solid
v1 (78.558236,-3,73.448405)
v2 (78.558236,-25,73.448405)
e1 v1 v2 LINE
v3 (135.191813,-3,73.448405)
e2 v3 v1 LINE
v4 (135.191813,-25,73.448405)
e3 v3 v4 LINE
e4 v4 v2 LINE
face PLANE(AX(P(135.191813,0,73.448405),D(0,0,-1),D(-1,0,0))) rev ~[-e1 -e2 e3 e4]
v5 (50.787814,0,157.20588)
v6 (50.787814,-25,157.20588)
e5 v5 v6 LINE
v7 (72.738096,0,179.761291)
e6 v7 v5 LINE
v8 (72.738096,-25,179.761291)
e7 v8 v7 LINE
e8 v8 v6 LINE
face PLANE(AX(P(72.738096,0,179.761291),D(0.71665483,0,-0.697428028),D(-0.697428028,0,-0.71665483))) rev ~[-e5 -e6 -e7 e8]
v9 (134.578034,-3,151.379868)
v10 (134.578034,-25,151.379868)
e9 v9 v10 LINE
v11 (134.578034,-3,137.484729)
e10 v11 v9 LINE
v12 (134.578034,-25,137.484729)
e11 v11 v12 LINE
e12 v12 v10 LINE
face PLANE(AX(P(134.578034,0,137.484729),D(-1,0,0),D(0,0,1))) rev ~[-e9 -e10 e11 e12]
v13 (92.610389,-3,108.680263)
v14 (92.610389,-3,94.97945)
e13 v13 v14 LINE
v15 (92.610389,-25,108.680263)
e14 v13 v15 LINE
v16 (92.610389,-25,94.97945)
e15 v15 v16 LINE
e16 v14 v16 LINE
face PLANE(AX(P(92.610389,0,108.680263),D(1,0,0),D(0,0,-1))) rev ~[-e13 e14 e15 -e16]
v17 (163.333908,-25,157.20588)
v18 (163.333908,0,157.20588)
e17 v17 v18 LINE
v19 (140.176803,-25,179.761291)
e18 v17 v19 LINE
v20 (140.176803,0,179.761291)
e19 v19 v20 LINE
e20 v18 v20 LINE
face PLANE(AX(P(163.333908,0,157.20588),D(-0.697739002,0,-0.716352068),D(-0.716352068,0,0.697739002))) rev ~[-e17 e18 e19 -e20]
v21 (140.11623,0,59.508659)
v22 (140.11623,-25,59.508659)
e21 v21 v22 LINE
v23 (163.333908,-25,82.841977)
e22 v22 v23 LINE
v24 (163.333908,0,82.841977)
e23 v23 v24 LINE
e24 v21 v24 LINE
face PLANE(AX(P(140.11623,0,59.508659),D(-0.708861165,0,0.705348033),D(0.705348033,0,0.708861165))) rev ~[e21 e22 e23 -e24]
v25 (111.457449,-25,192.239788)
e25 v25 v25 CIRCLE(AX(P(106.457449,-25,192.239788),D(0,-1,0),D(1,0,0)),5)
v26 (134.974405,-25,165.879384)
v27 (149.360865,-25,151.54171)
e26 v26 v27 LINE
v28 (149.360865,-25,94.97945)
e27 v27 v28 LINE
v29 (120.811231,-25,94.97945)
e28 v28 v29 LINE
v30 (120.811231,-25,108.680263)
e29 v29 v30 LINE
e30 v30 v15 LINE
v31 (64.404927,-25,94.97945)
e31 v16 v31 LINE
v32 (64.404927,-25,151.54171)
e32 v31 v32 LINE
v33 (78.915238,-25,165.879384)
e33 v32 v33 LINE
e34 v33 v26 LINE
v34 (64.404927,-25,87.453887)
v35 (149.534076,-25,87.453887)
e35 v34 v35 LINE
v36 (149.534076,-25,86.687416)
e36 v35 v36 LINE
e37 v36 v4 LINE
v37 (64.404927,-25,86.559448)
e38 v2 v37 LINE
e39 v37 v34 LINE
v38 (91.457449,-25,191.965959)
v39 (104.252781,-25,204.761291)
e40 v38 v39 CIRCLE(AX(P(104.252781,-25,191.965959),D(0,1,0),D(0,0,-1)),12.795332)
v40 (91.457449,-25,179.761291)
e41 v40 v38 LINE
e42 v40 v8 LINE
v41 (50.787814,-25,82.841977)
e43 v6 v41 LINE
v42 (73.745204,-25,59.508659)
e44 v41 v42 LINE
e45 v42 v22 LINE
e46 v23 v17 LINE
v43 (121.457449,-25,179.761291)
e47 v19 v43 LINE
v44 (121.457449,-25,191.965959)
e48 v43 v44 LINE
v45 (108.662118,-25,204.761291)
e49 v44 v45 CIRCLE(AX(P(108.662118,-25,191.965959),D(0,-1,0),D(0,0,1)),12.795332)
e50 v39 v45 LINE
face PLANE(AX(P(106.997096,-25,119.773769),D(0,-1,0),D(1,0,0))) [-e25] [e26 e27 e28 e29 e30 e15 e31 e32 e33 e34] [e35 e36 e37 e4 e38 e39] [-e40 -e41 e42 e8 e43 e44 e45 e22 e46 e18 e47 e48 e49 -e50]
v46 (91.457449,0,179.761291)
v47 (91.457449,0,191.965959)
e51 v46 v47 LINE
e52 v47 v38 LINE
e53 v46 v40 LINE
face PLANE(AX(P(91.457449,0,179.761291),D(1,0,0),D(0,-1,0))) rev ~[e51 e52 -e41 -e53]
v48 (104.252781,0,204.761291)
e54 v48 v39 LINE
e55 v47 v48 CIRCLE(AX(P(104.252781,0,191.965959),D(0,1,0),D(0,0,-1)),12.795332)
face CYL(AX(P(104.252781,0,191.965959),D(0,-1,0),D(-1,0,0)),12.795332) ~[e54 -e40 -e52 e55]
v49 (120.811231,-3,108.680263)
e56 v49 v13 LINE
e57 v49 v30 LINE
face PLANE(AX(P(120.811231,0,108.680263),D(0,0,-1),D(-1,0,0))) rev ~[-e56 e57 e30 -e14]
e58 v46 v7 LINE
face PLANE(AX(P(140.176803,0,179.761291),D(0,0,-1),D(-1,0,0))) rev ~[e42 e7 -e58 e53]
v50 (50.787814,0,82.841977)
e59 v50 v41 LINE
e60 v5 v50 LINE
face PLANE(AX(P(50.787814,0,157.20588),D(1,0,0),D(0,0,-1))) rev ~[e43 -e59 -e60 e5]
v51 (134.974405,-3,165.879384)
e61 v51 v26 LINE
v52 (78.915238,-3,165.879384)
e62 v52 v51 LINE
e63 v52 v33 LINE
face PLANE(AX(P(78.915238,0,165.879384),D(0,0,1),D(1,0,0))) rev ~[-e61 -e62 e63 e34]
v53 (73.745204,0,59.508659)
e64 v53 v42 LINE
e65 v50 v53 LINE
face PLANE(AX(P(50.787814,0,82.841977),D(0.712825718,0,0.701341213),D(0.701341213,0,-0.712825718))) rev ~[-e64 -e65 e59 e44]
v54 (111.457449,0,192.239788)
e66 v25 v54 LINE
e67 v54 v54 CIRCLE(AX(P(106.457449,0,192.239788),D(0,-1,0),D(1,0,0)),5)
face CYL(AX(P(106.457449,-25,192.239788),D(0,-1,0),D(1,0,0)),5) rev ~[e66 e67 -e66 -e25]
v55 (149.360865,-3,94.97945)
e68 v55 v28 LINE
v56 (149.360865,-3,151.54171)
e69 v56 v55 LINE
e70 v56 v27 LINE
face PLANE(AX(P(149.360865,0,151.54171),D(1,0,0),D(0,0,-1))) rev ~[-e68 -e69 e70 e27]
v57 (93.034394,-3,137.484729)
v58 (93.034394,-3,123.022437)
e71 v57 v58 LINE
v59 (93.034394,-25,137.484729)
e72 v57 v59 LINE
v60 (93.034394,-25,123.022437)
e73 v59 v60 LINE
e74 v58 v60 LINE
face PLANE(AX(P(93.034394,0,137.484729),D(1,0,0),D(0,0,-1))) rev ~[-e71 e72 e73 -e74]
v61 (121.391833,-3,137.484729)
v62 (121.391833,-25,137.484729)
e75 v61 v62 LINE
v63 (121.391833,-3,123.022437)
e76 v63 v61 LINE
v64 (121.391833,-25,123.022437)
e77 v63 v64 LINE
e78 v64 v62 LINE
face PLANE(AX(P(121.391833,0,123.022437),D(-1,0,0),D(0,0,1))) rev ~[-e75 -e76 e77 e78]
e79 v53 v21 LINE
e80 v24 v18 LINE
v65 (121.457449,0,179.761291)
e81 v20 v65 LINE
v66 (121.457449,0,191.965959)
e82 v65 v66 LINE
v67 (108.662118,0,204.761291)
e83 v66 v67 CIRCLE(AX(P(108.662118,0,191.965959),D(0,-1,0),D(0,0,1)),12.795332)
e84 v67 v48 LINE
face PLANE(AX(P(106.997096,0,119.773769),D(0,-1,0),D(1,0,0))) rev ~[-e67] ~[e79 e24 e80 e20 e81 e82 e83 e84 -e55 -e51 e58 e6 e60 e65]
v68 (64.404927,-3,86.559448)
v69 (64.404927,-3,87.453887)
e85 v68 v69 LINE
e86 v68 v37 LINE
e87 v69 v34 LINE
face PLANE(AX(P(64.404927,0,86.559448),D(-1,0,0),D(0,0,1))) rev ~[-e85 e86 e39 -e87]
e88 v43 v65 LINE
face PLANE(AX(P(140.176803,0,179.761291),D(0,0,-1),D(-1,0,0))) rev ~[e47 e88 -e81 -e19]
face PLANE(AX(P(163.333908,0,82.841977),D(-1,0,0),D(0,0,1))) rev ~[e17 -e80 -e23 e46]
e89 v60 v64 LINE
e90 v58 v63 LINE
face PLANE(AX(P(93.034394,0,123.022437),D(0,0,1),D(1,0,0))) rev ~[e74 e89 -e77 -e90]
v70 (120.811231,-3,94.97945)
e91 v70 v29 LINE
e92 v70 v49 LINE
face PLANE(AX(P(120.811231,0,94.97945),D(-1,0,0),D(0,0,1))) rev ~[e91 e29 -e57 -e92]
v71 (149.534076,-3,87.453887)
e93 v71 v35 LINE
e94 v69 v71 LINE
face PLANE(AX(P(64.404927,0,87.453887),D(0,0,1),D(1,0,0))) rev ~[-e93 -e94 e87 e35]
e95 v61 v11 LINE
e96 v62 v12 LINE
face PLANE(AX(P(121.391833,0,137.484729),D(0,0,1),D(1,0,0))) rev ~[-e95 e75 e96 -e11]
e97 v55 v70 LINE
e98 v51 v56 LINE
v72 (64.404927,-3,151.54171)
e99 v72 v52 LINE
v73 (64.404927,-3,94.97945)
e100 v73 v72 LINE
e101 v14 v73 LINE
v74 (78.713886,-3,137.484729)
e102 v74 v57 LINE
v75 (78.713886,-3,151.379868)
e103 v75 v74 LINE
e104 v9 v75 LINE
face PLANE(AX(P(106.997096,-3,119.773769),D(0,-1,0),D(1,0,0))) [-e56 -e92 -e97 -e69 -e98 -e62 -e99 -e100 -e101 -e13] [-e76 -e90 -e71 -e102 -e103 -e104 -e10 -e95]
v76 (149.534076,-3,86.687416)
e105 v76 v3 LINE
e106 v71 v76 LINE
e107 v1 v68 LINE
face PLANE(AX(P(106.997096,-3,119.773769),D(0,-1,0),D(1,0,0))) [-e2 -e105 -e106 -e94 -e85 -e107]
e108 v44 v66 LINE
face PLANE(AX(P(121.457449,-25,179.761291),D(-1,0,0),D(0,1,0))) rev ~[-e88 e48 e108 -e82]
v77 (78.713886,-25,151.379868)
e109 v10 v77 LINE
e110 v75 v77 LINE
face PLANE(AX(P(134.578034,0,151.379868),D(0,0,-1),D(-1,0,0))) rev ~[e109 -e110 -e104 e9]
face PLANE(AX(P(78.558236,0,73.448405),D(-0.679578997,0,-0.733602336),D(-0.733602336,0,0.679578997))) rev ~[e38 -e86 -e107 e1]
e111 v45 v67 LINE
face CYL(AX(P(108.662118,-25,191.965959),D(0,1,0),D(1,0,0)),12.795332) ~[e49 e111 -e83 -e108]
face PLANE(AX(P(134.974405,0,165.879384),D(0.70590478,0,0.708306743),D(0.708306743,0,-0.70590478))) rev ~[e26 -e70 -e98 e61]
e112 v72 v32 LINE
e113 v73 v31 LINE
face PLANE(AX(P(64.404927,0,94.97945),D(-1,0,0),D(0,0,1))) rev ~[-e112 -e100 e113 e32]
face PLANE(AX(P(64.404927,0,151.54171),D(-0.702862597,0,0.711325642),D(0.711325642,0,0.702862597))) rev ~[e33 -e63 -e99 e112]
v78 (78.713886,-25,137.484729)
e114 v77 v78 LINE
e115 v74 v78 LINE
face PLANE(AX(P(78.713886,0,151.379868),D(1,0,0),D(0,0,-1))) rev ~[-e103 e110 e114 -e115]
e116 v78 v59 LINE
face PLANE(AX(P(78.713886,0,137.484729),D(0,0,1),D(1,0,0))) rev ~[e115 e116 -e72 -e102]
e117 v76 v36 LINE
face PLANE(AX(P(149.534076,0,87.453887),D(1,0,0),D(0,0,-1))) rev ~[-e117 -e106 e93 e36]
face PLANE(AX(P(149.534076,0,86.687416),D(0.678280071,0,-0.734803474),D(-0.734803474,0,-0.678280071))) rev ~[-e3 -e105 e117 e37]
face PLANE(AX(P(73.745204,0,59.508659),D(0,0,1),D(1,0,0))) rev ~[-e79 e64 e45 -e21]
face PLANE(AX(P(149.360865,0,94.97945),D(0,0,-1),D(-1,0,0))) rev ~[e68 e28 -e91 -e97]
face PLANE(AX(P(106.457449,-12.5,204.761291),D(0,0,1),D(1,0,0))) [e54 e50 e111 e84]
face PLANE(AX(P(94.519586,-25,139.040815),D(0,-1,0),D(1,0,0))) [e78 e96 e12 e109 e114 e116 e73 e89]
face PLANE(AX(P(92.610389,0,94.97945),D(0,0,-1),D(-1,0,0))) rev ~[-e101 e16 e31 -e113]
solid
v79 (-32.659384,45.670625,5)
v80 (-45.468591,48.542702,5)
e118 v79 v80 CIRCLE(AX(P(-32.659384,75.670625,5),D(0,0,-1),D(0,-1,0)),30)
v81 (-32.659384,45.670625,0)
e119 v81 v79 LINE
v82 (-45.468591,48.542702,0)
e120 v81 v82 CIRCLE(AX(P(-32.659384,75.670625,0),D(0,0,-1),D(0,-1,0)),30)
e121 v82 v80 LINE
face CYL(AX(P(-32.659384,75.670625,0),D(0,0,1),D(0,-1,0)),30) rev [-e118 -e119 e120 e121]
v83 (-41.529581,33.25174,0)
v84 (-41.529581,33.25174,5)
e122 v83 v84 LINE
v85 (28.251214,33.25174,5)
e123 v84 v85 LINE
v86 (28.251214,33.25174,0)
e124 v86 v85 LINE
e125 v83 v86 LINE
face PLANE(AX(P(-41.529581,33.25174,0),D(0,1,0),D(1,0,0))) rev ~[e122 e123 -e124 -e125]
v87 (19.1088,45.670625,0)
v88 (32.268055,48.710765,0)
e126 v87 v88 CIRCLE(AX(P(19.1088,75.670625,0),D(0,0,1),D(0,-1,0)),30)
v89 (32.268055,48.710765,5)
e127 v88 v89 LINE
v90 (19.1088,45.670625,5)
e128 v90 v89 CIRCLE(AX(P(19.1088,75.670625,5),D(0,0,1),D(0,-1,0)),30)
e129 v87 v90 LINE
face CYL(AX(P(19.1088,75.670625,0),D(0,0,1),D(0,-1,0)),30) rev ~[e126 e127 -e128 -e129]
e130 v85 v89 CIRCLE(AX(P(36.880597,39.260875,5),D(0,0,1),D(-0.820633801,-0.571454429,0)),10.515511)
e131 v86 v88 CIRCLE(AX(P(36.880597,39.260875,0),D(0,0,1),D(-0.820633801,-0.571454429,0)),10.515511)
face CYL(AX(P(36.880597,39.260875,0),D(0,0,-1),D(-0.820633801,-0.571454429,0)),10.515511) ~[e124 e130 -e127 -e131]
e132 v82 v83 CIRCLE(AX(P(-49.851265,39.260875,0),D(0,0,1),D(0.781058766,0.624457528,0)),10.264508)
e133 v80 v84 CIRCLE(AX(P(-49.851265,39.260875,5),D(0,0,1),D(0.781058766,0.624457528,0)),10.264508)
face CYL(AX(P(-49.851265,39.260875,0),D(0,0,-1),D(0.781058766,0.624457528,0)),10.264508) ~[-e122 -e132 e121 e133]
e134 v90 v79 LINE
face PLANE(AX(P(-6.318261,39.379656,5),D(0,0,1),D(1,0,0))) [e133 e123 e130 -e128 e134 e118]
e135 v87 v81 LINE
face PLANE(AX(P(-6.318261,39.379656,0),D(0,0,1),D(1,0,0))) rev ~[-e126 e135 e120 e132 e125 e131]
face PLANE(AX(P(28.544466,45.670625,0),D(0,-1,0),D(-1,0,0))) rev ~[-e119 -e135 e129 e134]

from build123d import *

# Parameters (mm, degrees)
F1_DEPTH  = 5
F2_R      = 30
F4_DEPTH  = 25
F5_DEPTH  = 3
F7_DEPTH  = 25
F8_R      = 12.7953318806
F9_R      = 5
F10_DEPTH = 44.9


with BuildPart() as f1:
    # F0 (on Top) → F1 (new body)
    with BuildSketch(Plane.XY):
        with BuildLine():
            Line((28.5444660827, 45.6706248224), (-41.8340807416, 45.6706248224))
            ThreePointArc((-41.8340807416, 45.6706248224), (-60.1126889079, 39.0092747627), (-41.5295811212, 33.2517400384))
            Line((-41.5295811212, 33.2517400384), (28.2512136258, 33.2517400384))
            ThreePointArc((28.2512136258, 33.2517400384), (47.393178108, 39.0126373548), (28.5444660827, 45.6706248224))
        make_face()
    extrude(amount=F1_DEPTH)

    # F2
    f2_edges = [f1.edges().sort_by_distance(p)[0] for p in [
        (-41.834081, 45.670625, 2.5),
        (28.544466, 45.670625, 2.5),
    ]]
    fillet(f2_edges, radius=F2_R)


with BuildPart() as f4:
    # F3 (on Front) → F4 (new body)
    with BuildSketch(Plane.XZ):
        Polygon((72.738096118, 179.7612905502), (50.7878139615, 157.2058796883), (50.7878139615, 82.8419774771), (73.7452038377, 59.5086589456), (140.1162296534, 59.5086589456), (163.3339077234, 82.8419774771), (163.3339077234, 157.2058796883), (140.1768028736, 179.7612905502), (74.6252834797, 179.7612905502), align=None)
        Polygon((64.4049271941, 86.5594475049), (64.4049271941, 87.4538868666), (149.5340764523, 87.4538868666), (149.5340764523, 86.6874158382), (135.1918131113, 73.4484046698), (78.5582363605, 73.4484046698), align=None, mode=Mode.SUBTRACT)
        Polygon((64.4049271941, 94.9794501066), (64.4049271941, 151.5417098999), (78.9152383804, 165.8793836832), (134.9744051695, 165.8793836832), (149.3608653545, 151.5417098999), (149.3608653545, 94.9794501066), (120.8112314343, 94.9794501066), (120.8112314343, 108.6802631617), (92.6103889942, 108.6802631617), (92.6103889942, 94.9794501066), align=None, mode=Mode.SUBTRACT)
    extrude(amount=F4_DEPTH)



with BuildPart() as f4b:
    # F3 (on Front) → F4, piece 2 (new body)
    with BuildSketch(Plane.XZ):
        Polygon((106.6459603608, 151.3798683882), (78.7138864398, 151.3798683882), (78.7138864398, 137.48472929), (93.0343940854, 137.48472929), (93.0343940854, 123.0224370956), (106.6459603608, 123.0224370956), align=None)
        Polygon((134.5780342817, 151.3798683882), (106.6459603608, 151.3798683882), (106.6459603608, 123.0224370956), (120.2575266361, 123.0224370956), (121.3918328285, 123.0224370956), (121.3918328285, 137.48472929), (134.5780342817, 137.48472929), align=None)
    extrude(amount=F4_DEPTH)


with BuildPart() as f4_1:
    add(f4.part)

    add(f4b.part)  # F5 merges F4b
    # F3 (on Front) → F5 (join)
    with BuildSketch(Plane.XZ):
        Polygon((72.738096118, 179.7612905502), (50.7878139615, 157.2058796883), (50.7878139615, 82.8419774771), (73.7452038377, 59.5086589456), (140.1162296534, 59.5086589456), (163.3339077234, 82.8419774771), (163.3339077234, 157.2058796883), (140.1768028736, 179.7612905502), (74.6252834797, 179.7612905502), align=None)
        Polygon((64.4049271941, 86.5594475049), (64.4049271941, 87.4538868666), (149.5340764523, 87.4538868666), (149.5340764523, 86.6874158382), (135.1918131113, 73.4484046698), (78.5582363605, 73.4484046698), align=None, mode=Mode.SUBTRACT)
        Polygon((64.4049271941, 94.9794501066), (64.4049271941, 151.5417098999), (78.9152383804, 165.8793836832), (134.9744051695, 165.8793836832), (149.3608653545, 151.5417098999), (149.3608653545, 94.9794501066), (120.8112314343, 94.9794501066), (120.8112314343, 108.6802631617), (92.6103889942, 108.6802631617), (92.6103889942, 94.9794501066), align=None, mode=Mode.SUBTRACT)
        Polygon((78.9152383804, 165.8793836832), (64.4049271941, 151.5417098999), (64.4049271941, 94.9794501066), (92.6103889942, 94.9794501066), (92.6103889942, 108.6802631617), (120.8112314343, 108.6802631617), (120.8112314343, 94.9794501066), (149.3608653545, 94.9794501066), (149.3608653545, 151.5417098999), (134.9744051695, 165.8793836832), align=None)
        Polygon((78.7138864398, 137.48472929), (78.7138864398, 151.3798683882), (106.6459603608, 151.3798683882), (134.5780342817, 151.3798683882), (134.5780342817, 137.48472929), (121.3918328285, 137.48472929), (121.3918328285, 123.0224370956), (120.2575266361, 123.0224370956), (106.6459603608, 123.0224370956), (93.0343940854, 123.0224370956), (93.0343940854, 137.48472929), align=None, mode=Mode.SUBTRACT)
        Polygon((149.5340764523, 87.4538868666), (64.4049271941, 87.4538868666), (64.4049271941, 86.5594475049), (78.5582363605, 73.4484046698), (135.1918131113, 73.4484046698), (149.5340764523, 86.6874158382), align=None)
        Polygon((134.5780342817, 151.3798683882), (106.6459603608, 151.3798683882), (106.6459603608, 123.0224370956), (120.2575266361, 123.0224370956), (121.3918328285, 123.0224370956), (121.3918328285, 137.48472929), (134.5780342817, 137.48472929), align=None)
        Polygon((106.6459603608, 151.3798683882), (78.7138864398, 151.3798683882), (78.7138864398, 137.48472929), (93.0343940854, 137.48472929), (93.0343940854, 123.0224370956), (106.6459603608, 123.0224370956), align=None)
    extrude(amount=F5_DEPTH)

    # F6 (on face) → F7 (join)
    with BuildSketch(Plane.XY.offset(179.7612905502)):
        Polygon((91.4574494958, -25), (106.4574494958, -25), (121.4574494958, -25), (121.4574494958, 0), (91.4574494958, 0), align=None)
    extrude(amount=F7_DEPTH)

    # F8
    f8_edges = [f4_1.edges().sort_by_distance(p)[0] for p in [
        (91.457449, -12.5, 204.761291),
        (121.457449, -12.5, 204.761291),
    ]]
    fillet(f8_edges, radius=F8_R)

    # F9 (on face) → F10 (cut)
    with BuildSketch(Plane.XZ.offset(25)):
        with Locations((106.4574494958, 192.2397883682)):
            Circle(F9_R)
    extrude(amount=-F10_DEPTH, mode=Mode.SUBTRACT)


solid = Compound([f1.part, f4_1.part])
